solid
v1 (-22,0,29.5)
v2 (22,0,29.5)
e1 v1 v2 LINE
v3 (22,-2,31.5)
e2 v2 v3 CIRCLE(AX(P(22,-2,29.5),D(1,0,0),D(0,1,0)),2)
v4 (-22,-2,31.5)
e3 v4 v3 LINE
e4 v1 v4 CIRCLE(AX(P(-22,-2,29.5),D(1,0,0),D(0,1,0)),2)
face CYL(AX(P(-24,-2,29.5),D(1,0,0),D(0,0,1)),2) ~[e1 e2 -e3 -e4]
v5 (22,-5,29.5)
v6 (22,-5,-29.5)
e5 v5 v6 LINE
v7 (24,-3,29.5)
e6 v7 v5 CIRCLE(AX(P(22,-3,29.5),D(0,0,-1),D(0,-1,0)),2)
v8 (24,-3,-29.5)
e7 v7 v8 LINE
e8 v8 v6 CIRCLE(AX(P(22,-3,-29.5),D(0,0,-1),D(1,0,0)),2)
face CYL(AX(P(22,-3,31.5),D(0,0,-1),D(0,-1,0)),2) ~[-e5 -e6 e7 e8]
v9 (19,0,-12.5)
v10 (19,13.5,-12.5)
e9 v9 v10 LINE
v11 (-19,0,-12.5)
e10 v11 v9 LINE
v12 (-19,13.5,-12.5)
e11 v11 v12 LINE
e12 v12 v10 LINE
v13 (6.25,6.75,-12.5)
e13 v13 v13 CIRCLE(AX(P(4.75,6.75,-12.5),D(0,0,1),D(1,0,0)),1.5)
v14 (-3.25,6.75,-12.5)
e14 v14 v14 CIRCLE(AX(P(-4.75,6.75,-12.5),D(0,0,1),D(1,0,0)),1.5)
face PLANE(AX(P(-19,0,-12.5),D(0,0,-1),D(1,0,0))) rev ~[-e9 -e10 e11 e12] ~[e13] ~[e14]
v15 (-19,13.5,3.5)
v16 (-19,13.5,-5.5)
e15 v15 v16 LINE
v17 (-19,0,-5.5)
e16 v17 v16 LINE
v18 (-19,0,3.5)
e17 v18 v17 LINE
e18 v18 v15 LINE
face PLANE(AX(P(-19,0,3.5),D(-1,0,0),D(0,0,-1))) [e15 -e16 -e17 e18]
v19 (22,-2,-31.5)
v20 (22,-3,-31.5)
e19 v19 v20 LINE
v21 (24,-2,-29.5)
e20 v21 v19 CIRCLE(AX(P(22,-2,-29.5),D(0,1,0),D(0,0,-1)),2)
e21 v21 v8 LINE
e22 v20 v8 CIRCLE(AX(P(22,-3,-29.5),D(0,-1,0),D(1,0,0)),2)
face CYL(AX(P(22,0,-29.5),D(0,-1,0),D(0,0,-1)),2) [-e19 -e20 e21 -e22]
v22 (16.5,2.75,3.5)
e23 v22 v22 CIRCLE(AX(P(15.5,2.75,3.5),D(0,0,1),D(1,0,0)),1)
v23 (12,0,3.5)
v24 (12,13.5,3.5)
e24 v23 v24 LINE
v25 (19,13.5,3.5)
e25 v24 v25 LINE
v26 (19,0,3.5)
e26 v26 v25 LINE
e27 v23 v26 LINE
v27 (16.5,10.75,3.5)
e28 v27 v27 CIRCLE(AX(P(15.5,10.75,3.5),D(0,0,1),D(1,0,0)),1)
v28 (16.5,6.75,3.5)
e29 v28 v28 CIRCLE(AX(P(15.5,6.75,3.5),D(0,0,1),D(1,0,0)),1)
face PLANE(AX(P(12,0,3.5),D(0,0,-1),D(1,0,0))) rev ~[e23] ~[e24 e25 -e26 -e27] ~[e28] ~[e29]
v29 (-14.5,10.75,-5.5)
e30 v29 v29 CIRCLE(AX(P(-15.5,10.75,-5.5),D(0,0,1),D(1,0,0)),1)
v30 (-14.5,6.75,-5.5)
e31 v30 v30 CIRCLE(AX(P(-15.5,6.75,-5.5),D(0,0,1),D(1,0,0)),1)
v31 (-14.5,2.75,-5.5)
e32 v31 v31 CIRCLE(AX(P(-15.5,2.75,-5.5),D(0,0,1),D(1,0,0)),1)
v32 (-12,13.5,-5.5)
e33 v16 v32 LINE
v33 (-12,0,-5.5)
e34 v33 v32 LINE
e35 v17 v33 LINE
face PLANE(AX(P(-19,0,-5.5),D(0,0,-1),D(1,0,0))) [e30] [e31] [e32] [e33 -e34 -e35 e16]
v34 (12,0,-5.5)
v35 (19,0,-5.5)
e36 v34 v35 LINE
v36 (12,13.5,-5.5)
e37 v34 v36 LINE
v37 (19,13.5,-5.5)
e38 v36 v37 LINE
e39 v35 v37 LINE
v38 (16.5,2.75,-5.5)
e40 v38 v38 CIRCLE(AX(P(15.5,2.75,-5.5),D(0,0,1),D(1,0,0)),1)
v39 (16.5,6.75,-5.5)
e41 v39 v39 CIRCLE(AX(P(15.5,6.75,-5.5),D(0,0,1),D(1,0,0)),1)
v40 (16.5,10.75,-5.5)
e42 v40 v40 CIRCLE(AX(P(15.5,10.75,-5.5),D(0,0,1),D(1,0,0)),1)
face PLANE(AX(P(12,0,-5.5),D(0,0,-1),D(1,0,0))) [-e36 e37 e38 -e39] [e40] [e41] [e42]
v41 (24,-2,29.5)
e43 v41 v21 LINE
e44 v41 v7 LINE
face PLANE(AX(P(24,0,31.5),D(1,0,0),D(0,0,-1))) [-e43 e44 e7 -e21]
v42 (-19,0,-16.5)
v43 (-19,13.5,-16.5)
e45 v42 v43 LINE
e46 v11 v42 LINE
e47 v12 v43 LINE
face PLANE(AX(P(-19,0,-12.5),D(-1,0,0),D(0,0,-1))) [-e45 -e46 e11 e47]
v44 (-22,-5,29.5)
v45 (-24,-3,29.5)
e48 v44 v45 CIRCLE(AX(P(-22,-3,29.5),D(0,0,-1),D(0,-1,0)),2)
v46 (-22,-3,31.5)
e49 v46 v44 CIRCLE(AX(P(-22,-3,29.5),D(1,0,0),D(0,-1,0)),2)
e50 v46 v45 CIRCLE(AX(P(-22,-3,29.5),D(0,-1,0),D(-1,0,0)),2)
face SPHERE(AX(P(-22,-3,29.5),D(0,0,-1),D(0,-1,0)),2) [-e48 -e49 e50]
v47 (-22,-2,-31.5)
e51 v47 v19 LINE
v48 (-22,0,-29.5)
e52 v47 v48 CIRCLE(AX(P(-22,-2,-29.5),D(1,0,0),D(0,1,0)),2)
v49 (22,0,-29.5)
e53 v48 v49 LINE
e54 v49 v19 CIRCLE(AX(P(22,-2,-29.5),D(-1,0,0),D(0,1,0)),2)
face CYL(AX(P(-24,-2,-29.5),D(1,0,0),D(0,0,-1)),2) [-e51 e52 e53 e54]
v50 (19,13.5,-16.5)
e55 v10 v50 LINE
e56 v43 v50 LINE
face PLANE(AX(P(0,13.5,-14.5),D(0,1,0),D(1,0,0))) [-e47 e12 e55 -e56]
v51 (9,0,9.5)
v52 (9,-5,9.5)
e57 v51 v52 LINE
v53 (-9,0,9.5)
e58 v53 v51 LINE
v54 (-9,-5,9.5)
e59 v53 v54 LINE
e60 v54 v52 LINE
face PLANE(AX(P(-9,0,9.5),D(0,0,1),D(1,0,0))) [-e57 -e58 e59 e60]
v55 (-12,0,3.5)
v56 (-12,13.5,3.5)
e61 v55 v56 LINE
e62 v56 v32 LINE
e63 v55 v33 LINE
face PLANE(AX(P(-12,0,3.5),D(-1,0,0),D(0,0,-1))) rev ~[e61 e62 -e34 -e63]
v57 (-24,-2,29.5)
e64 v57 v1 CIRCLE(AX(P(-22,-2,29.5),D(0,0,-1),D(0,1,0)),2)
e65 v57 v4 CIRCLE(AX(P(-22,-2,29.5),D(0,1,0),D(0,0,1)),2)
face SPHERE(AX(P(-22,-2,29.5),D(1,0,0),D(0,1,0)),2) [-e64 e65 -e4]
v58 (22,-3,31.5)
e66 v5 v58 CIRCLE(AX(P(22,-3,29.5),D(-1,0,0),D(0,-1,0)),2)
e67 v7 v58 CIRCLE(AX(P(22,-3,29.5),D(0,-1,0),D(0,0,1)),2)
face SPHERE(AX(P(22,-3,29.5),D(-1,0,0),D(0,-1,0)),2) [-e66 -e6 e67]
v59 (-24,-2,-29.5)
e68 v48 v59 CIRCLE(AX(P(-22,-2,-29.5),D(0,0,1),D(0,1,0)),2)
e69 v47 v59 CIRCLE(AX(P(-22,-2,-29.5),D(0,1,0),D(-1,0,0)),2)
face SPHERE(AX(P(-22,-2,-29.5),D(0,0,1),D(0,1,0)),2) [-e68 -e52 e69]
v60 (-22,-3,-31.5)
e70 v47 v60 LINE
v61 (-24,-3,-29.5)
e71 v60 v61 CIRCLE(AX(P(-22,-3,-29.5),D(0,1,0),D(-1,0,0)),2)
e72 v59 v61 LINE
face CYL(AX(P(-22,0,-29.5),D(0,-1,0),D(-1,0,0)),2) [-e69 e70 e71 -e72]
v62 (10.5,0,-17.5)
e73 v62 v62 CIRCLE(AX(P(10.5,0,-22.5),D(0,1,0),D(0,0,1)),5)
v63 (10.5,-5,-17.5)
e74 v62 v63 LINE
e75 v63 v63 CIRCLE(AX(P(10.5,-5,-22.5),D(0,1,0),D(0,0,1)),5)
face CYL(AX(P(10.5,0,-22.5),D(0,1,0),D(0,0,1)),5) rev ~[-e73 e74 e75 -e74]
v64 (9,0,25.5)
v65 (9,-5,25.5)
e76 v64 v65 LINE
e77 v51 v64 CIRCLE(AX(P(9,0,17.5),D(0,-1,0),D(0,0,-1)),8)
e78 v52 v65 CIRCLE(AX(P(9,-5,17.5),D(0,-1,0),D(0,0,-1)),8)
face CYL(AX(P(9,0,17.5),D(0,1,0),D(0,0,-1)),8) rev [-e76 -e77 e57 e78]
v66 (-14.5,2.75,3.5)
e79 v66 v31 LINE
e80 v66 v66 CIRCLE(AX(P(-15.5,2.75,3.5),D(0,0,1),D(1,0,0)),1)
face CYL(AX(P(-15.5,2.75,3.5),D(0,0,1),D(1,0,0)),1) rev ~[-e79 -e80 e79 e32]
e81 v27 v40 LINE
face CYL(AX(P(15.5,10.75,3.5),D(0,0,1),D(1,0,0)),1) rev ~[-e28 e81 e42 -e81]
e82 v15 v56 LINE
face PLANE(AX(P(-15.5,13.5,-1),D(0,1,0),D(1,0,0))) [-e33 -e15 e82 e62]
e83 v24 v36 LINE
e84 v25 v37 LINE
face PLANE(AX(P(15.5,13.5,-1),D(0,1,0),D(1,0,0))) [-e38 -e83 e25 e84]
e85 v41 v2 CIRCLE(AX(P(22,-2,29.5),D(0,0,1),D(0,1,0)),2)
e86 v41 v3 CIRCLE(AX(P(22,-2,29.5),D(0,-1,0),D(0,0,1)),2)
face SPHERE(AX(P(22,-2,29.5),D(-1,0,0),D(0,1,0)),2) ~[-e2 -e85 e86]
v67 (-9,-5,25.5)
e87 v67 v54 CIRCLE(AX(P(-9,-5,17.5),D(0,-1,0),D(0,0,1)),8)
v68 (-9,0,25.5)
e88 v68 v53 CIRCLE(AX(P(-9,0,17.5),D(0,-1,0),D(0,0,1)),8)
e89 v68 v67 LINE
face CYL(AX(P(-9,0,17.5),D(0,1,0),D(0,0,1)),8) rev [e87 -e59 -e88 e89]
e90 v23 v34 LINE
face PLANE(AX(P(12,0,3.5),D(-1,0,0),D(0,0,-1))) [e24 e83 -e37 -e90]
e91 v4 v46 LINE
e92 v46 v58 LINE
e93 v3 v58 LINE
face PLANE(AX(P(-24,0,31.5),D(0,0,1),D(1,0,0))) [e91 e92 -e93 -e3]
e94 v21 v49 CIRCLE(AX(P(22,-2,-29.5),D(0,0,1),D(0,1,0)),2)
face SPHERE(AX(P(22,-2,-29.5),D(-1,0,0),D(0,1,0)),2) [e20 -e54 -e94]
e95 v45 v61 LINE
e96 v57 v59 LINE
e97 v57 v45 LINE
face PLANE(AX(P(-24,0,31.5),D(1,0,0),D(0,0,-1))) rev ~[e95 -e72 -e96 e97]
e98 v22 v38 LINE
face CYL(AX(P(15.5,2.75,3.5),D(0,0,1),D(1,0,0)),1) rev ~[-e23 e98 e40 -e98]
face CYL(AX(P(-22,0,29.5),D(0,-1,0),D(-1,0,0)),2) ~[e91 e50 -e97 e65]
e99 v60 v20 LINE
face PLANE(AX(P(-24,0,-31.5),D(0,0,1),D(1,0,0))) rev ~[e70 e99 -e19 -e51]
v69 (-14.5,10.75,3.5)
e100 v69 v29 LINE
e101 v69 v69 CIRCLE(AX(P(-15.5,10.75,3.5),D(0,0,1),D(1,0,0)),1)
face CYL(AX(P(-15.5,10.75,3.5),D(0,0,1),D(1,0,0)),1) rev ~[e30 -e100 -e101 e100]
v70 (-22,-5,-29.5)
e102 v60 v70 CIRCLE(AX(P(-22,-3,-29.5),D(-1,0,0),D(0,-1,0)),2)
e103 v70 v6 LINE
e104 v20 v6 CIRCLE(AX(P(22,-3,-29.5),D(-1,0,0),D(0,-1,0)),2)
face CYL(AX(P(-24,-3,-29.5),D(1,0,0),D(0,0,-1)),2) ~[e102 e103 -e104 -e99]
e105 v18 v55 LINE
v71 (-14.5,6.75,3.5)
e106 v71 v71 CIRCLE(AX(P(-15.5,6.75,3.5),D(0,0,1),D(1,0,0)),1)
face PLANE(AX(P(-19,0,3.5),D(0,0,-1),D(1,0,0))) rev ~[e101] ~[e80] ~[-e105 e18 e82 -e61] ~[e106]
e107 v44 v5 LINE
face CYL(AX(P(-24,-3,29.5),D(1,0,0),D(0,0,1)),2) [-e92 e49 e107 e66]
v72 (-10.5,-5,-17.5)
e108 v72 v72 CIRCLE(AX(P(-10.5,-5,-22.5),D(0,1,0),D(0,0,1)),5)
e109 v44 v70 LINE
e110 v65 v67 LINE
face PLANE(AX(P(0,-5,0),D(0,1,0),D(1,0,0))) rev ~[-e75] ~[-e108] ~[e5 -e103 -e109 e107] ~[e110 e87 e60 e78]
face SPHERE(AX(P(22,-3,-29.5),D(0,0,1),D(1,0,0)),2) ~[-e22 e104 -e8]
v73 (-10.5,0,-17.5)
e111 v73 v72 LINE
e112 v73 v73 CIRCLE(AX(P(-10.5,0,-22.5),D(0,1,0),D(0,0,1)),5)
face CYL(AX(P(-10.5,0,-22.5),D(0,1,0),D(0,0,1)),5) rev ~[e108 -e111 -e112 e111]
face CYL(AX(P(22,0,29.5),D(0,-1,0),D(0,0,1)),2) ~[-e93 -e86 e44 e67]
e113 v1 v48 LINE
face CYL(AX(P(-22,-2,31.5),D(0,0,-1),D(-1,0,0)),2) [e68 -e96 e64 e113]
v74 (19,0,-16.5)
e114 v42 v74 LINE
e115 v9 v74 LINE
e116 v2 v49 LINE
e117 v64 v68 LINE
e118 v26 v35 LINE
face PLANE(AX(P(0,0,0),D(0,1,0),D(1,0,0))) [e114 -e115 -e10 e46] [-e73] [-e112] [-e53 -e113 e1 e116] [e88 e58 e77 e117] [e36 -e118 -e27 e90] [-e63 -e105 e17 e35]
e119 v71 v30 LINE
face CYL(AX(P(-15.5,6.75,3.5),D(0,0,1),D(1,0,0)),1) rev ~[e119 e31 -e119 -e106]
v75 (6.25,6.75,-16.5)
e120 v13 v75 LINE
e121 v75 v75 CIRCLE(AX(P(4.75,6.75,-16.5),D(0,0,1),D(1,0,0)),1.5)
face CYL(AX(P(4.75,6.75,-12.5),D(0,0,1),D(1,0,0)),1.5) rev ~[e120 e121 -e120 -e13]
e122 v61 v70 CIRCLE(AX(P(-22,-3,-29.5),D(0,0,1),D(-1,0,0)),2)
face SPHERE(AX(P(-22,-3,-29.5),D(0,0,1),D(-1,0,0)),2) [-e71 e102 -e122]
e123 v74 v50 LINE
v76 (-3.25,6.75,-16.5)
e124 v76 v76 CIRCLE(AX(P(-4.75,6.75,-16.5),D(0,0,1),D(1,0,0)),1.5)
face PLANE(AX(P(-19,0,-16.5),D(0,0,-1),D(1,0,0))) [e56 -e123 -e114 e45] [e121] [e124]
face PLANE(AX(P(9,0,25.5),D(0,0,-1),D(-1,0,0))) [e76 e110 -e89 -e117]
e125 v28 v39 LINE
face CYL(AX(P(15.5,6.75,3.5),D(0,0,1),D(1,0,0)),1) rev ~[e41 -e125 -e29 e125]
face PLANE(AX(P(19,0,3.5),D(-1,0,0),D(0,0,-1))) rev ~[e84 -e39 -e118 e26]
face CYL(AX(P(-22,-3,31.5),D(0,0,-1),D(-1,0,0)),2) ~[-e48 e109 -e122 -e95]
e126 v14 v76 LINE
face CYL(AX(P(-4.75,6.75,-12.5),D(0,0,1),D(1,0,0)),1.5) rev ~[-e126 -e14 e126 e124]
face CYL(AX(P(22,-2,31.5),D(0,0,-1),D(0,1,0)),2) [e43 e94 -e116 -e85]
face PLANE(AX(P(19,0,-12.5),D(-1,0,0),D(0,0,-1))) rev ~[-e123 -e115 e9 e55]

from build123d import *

# Parameters (mm, degrees)
CROQUIS1_W              = 48
CROQUIS1_H              = 63
CROQUIS1_R              = 5
SALIENTE_EXTRUIR1_DEPTH = 5
CROQUIS2_W              = 7
CROQUIS2_H              = 9
CROQUIS2_W_2            = 38
CROQUIS2_H_2            = 4
SALIENTE_EXTRUIR2_DEPTH = 13.5
CORTAR_EXTRUIR1_REACH   = 53.906
CROQUIS3_R              = 1.5
CORTAR_EXTRUIR2_REACH   = 46.534
CROQUIS4_R              = 1
REDONDEO1_R             = 2


with BuildPart() as part:
    # Croquis1 → Saliente-Extruir1 (new body)
    with BuildSketch(Plane(origin=(0, 0, 0), x_dir=(1, 0, 0), z_dir=(0, 1, 0))):
        Rectangle(CROQUIS1_W, CROQUIS1_H)
        with Locations(Location((-10.5, 22.5, 0), (0, 0, 270))):
            Circle(CROQUIS1_R, mode=Mode.SUBTRACT)
        with Locations(Location((10.5, 22.5, 0), (0, 0, 270))):
            Circle(CROQUIS1_R, mode=Mode.SUBTRACT)
        with BuildLine():
            Line((-9, -9.5), (9, -9.5))
            ThreePointArc((9, -9.5), (17, -17.5), (9, -25.5))
            Line((9, -25.5), (-9, -25.5))
            ThreePointArc((-9, -25.5), (-17, -17.5), (-9, -9.5))
        make_face(mode=Mode.SUBTRACT)
    extrude(amount=-SALIENTE_EXTRUIR1_DEPTH)

    # Croquis2 → Saliente-Extruir2 (add)
    with BuildSketch(Plane(origin=(0, 0, 0), x_dir=(1, 0, 0), z_dir=(0, 1, 0))):
        with Locations((15.5, 1)):
            Rectangle(CROQUIS2_W, CROQUIS2_H)
        with Locations((-15.5, 1)):
            Rectangle(CROQUIS2_W, CROQUIS2_H)
        with Locations((0, 14.5)):
            Rectangle(CROQUIS2_W_2, CROQUIS2_H_2)
    extrude(amount=SALIENTE_EXTRUIR2_DEPTH)

    # Croquis3 → Cortar-Extruir1 (cut, up to next)
    with BuildSketch(Plane.XY.offset(-12.5), mode=Mode.PRIVATE) as cortar_extruir1_sk1:
        with Locations((4.75, 6.75)):
            Circle(CROQUIS3_R)
    cortar_extruir1_tool1 = extrude(cortar_extruir1_sk1.sketch, amount=-CORTAR_EXTRUIR1_REACH, mode=Mode.PRIVATE) & part.part
    # Croquis3 → Cortar-Extruir1 (cut, up to next)
    with BuildSketch(Plane.XY.offset(-12.5), mode=Mode.PRIVATE) as cortar_extruir1_sk2:
        with Locations((-4.75, 6.75)):
            Circle(CROQUIS3_R)
    cortar_extruir1_tool2 = extrude(cortar_extruir1_sk2.sketch, amount=-CORTAR_EXTRUIR1_REACH, mode=Mode.PRIVATE) & part.part
    add(cortar_extruir1_tool1.solids().sort_by_distance((4.75, 6.75, -12.5))[0], mode=Mode.SUBTRACT)
    add(cortar_extruir1_tool2.solids().sort_by_distance((-4.75, 6.75, -12.5))[0], mode=Mode.SUBTRACT)

    # Croquis4 → Cortar-Extruir2 (cut, up to next)
    with BuildSketch(Plane.XY.offset(3.5), mode=Mode.PRIVATE) as cortar_extruir2_sk1:
        with Locations((15.5, 6.75)):
            Circle(CROQUIS4_R)
    cortar_extruir2_tool1 = extrude(cortar_extruir2_sk1.sketch, amount=-CORTAR_EXTRUIR2_REACH, mode=Mode.PRIVATE) & part.part
    # Croquis4 → Cortar-Extruir2 (cut, up to next)
    with BuildSketch(Plane.XY.offset(3.5), mode=Mode.PRIVATE) as cortar_extruir2_sk2:
        with Locations((15.5, 2.75)):
            Circle(CROQUIS4_R)
    cortar_extruir2_tool2 = extrude(cortar_extruir2_sk2.sketch, amount=-CORTAR_EXTRUIR2_REACH, mode=Mode.PRIVATE) & part.part
    # Croquis4 → Cortar-Extruir2 (cut, up to next)
    with BuildSketch(Plane.XY.offset(3.5), mode=Mode.PRIVATE) as cortar_extruir2_sk3:
        with Locations((15.5, 10.75)):
            Circle(CROQUIS4_R)
    cortar_extruir2_tool3 = extrude(cortar_extruir2_sk3.sketch, amount=-CORTAR_EXTRUIR2_REACH, mode=Mode.PRIVATE) & part.part
    # Croquis4 → Cortar-Extruir2 (cut, up to next)
    with BuildSketch(Plane.XY.offset(3.5), mode=Mode.PRIVATE) as cortar_extruir2_sk4:
        with Locations((-15.5, 2.75)):
            Circle(CROQUIS4_R)
    cortar_extruir2_tool4 = extrude(cortar_extruir2_sk4.sketch, amount=-CORTAR_EXTRUIR2_REACH, mode=Mode.PRIVATE) & part.part
    # Croquis4 → Cortar-Extruir2 (cut, up to next)
    with BuildSketch(Plane.XY.offset(3.5), mode=Mode.PRIVATE) as cortar_extruir2_sk5:
        with Locations((-15.5, 6.75)):
            Circle(CROQUIS4_R)
    cortar_extruir2_tool5 = extrude(cortar_extruir2_sk5.sketch, amount=-CORTAR_EXTRUIR2_REACH, mode=Mode.PRIVATE) & part.part
    # Croquis4 → Cortar-Extruir2 (cut, up to next)
    with BuildSketch(Plane.XY.offset(3.5), mode=Mode.PRIVATE) as cortar_extruir2_sk6:
        with Locations((-15.5, 10.75)):
            Circle(CROQUIS4_R)
    cortar_extruir2_tool6 = extrude(cortar_extruir2_sk6.sketch, amount=-CORTAR_EXTRUIR2_REACH, mode=Mode.PRIVATE) & part.part
    add(cortar_extruir2_tool1.solids().sort_by_distance((15.5, 6.75, 3.5))[0], mode=Mode.SUBTRACT)
    add(cortar_extruir2_tool2.solids().sort_by_distance((15.5, 2.75, 3.5))[0], mode=Mode.SUBTRACT)
    add(cortar_extruir2_tool3.solids().sort_by_distance((15.5, 10.75, 3.5))[0], mode=Mode.SUBTRACT)
    add(cortar_extruir2_tool4.solids().sort_by_distance((-15.5, 2.75, 3.5))[0], mode=Mode.SUBTRACT)
    add(cortar_extruir2_tool5.solids().sort_by_distance((-15.5, 6.75, 3.5))[0], mode=Mode.SUBTRACT)
    add(cortar_extruir2_tool6.solids().sort_by_distance((-15.5, 10.75, 3.5))[0], mode=Mode.SUBTRACT)

    # Redondeo1
    redondeo1_edges = [part.edges().sort_by_distance(p)[0] for p in [
        (-24, -5, 0),
        (0, -5, 31.5),
        (24, -5, 0),
        (0, 0, 31.5),
        (-24, 0, 0),
        (0, 0, -31.5),
        (24, 0, 0),
        (24, -2.5, 31.5),
        (-24, -2.5, 31.5),
        (-24, -2.5, -31.5),
        (24, -2.5, -31.5),
        (0, -5, -31.5),
    ]]
    fillet(redondeo1_edges, radius=REDONDEO1_R)


solid = part.part
